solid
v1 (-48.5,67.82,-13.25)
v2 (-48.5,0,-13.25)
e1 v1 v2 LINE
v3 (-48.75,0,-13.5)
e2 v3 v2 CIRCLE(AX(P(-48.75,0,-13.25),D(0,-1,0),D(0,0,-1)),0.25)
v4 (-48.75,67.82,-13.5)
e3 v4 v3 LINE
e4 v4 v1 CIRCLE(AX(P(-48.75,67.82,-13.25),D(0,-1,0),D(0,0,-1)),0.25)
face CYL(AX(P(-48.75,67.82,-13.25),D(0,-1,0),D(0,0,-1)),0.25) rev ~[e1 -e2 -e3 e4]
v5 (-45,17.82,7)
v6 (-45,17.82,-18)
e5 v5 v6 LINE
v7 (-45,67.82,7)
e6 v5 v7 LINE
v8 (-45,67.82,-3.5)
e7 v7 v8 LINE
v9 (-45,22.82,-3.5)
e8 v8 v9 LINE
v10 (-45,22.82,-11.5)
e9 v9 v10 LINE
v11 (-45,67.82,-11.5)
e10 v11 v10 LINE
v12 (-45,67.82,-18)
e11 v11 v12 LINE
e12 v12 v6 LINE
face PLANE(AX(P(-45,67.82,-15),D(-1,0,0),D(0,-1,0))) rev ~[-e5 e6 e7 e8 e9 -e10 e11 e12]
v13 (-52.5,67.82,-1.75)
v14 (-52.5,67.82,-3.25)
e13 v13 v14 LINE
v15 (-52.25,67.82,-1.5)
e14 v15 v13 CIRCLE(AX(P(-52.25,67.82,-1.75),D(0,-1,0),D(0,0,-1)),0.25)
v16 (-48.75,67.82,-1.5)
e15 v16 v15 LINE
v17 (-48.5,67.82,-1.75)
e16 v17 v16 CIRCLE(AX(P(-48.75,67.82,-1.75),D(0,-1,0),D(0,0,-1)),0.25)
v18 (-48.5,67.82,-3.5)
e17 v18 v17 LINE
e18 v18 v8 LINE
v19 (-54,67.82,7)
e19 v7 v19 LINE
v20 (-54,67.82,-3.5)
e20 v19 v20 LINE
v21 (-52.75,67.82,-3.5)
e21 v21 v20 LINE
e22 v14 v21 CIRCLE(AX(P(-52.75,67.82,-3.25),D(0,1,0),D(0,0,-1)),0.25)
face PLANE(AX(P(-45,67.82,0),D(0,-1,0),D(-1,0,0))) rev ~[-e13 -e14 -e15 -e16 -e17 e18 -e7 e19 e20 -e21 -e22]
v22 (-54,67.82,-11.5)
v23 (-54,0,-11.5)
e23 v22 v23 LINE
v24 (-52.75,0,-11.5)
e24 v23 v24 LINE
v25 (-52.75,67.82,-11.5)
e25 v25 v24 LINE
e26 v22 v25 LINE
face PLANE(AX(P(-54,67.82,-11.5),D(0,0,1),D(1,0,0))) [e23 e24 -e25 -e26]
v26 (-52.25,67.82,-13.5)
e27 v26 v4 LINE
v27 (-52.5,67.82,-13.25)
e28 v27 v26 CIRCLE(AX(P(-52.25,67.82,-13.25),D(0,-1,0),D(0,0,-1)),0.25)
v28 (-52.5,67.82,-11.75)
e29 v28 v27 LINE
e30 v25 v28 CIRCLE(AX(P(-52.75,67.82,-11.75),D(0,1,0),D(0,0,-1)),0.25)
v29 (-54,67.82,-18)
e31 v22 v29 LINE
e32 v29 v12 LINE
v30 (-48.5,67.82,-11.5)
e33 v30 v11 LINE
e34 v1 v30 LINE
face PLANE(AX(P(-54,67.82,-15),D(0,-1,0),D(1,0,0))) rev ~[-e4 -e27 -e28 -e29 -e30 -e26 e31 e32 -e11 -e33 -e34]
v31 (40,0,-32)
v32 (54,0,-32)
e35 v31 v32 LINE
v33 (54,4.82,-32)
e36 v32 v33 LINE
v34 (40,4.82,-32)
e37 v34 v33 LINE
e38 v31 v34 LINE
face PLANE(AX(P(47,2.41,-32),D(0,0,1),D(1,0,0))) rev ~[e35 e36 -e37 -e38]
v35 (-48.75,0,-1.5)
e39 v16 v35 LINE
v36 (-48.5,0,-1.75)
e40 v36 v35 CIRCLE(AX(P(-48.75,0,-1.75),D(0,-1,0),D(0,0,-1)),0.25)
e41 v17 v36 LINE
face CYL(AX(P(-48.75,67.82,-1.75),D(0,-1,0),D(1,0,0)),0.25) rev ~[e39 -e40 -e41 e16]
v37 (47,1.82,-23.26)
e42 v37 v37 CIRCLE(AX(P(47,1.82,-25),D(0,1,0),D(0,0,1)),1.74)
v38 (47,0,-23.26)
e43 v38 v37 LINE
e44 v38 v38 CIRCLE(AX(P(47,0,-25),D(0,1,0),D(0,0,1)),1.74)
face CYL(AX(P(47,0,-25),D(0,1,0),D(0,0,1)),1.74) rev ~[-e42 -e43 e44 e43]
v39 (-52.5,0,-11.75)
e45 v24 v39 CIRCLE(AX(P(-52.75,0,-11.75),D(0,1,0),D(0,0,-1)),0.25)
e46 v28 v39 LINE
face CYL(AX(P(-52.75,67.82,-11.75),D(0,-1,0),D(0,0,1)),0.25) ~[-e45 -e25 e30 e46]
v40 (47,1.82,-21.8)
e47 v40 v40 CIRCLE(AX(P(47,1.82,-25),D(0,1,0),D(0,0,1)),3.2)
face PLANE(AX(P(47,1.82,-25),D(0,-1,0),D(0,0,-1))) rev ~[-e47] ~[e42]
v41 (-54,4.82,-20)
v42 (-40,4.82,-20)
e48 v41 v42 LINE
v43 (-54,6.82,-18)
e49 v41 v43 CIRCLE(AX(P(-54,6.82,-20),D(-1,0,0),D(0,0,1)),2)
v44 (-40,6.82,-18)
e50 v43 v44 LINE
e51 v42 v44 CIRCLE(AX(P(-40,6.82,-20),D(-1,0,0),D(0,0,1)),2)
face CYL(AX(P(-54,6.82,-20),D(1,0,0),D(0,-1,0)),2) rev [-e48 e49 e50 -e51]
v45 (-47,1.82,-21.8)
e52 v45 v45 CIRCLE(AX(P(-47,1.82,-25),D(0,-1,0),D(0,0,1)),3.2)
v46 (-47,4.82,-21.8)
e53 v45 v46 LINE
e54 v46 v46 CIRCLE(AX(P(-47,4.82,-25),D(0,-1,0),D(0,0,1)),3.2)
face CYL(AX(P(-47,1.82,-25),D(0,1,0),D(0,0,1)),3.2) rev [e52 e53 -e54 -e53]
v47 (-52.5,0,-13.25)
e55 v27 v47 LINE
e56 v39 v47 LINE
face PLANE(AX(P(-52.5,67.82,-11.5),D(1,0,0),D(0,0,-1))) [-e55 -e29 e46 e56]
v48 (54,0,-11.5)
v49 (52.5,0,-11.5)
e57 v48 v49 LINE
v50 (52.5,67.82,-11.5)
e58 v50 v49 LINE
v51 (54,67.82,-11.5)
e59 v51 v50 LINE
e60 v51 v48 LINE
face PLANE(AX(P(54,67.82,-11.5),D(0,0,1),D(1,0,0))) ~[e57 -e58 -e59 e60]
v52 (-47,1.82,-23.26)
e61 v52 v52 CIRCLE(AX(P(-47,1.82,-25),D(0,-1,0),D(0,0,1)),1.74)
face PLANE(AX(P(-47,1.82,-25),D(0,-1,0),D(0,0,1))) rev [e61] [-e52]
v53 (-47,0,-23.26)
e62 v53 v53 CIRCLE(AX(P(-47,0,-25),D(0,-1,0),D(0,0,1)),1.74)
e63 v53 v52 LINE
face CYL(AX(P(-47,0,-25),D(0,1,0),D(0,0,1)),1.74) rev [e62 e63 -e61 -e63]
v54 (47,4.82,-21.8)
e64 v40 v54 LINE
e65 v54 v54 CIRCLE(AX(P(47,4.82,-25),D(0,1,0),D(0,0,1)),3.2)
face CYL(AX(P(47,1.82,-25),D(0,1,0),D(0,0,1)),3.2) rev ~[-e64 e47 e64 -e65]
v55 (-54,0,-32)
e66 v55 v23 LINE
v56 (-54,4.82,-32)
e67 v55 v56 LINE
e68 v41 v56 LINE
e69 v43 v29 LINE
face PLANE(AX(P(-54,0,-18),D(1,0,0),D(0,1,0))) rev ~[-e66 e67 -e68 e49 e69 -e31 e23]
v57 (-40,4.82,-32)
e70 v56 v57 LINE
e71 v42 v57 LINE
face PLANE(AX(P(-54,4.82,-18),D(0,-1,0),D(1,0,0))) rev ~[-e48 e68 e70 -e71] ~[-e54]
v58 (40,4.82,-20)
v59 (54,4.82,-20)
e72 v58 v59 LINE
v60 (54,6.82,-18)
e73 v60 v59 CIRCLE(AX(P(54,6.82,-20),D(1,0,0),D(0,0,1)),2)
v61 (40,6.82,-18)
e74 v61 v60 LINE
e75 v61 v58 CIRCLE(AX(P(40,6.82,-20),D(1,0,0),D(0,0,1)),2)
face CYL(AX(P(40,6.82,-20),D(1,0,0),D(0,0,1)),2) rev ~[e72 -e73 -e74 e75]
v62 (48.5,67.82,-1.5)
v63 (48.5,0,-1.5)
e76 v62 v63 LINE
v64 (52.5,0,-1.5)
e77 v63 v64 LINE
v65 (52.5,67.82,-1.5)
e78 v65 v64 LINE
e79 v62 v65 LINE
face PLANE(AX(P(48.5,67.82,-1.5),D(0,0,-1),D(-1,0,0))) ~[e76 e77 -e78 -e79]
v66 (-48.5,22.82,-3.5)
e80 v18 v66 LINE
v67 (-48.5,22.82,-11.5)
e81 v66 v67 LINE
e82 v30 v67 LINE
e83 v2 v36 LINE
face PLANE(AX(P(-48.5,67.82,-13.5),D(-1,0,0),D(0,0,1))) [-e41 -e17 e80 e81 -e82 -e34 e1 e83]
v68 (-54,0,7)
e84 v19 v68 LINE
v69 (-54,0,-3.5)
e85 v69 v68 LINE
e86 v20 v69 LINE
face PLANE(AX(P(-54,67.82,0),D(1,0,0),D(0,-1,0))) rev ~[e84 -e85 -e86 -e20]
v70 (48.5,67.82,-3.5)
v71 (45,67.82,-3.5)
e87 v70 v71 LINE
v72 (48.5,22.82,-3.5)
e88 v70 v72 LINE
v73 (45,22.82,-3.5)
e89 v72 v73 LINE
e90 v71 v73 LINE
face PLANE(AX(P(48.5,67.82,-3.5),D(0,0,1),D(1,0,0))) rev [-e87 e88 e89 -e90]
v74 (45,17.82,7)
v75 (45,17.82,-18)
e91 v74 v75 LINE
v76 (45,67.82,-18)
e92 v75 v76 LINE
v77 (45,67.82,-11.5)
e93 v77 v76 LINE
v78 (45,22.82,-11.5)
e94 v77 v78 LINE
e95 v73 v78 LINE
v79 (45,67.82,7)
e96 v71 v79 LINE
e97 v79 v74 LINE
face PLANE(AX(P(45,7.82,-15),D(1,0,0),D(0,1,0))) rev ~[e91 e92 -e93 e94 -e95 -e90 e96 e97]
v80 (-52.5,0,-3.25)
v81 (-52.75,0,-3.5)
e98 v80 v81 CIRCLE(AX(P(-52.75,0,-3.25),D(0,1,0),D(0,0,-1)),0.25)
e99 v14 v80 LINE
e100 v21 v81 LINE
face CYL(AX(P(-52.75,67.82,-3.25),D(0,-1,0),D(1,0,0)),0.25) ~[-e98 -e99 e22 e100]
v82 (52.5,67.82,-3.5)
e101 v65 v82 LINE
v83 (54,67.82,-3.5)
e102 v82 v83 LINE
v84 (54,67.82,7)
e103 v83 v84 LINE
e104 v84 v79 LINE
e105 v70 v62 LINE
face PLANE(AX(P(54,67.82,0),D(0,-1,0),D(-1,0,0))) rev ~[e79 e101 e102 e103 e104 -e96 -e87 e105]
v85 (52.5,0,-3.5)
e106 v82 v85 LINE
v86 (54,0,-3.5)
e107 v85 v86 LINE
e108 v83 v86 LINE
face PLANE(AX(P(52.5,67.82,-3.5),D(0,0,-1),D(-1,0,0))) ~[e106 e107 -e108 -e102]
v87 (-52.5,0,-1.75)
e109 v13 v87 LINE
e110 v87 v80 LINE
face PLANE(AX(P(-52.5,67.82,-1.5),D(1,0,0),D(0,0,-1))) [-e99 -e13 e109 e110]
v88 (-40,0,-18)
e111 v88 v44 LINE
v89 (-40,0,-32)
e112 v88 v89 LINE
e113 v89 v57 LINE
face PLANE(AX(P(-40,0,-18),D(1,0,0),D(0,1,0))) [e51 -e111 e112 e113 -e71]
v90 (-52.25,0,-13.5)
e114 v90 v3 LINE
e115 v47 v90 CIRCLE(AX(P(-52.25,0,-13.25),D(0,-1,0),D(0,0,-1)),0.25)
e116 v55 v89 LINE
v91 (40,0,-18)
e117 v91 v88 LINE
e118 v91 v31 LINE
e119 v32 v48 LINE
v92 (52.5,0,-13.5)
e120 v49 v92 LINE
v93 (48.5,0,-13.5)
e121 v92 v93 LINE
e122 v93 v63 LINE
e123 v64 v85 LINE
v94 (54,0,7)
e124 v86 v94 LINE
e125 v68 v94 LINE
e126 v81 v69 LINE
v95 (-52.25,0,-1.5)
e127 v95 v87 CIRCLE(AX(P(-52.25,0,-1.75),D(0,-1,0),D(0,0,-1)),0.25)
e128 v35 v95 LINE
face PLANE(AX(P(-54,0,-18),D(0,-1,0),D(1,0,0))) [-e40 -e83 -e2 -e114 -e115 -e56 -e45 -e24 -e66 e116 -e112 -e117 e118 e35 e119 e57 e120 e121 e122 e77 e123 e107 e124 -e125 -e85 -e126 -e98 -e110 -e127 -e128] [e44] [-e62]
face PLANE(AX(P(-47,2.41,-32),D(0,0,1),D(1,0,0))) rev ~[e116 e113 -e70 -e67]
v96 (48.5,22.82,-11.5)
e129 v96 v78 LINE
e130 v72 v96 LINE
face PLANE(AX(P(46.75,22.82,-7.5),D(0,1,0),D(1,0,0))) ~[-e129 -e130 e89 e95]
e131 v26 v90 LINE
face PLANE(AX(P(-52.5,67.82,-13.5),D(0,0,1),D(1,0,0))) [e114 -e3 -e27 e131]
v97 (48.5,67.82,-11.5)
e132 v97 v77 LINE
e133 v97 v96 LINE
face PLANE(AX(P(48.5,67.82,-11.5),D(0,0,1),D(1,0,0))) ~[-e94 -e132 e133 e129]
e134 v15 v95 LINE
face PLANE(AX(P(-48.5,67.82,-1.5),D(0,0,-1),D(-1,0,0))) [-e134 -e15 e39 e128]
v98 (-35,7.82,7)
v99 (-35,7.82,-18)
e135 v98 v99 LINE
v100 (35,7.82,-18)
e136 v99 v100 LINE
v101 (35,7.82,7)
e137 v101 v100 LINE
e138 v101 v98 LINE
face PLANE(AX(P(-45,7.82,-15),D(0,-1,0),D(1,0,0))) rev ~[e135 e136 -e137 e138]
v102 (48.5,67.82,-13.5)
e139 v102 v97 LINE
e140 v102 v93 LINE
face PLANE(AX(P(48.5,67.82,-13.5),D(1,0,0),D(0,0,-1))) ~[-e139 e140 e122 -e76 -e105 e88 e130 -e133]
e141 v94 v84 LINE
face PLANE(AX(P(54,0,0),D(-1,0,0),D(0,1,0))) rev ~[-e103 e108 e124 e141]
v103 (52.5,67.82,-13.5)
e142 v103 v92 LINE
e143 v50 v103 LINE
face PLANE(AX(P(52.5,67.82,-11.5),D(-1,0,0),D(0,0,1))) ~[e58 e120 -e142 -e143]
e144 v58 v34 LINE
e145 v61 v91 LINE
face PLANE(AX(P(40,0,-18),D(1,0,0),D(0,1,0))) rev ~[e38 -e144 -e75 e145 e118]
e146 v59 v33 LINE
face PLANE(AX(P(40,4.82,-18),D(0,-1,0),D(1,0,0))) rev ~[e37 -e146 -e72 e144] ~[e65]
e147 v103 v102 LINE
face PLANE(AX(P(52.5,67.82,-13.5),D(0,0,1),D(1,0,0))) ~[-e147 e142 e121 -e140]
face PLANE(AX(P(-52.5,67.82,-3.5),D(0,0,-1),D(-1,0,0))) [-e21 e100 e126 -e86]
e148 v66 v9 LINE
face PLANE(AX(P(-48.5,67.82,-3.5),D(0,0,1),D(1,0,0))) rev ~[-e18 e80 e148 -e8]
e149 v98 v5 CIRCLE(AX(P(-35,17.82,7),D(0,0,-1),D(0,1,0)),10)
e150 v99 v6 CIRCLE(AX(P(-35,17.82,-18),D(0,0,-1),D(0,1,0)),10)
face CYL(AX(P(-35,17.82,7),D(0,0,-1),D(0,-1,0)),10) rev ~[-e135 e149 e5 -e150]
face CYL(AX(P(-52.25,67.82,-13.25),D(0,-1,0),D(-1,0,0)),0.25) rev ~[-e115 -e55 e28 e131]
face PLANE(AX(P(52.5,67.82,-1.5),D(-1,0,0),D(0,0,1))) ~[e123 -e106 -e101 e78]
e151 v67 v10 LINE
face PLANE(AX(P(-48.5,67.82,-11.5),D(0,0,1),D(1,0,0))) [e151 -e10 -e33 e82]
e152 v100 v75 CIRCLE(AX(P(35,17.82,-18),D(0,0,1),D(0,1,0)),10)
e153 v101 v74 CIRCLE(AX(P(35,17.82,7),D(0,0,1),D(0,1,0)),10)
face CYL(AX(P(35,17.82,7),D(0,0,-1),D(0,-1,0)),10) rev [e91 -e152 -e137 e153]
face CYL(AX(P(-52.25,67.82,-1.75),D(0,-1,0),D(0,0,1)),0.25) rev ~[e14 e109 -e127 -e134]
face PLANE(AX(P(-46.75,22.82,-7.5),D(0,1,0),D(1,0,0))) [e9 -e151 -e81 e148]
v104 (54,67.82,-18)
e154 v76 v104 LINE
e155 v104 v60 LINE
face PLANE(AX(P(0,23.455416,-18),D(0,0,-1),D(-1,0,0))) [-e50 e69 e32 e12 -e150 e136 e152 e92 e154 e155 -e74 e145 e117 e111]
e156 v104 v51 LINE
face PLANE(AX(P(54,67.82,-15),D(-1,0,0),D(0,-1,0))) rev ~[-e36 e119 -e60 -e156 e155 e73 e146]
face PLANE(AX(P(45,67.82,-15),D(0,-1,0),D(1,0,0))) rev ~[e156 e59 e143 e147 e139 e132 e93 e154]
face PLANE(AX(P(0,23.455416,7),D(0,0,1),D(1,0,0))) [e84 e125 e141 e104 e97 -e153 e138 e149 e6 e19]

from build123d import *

# Parameters (mm, degrees)
BOSS_EXTRUDE1_DEPTH = 15
CUT_EXTRUDE1_DEPTH  = 67.82
SKETCH3_W           = 3.5
SKETCH3_H           = 8
CUT_EXTRUDE2_DEPTH  = 45
FILLET1_R           = 0.25
BOSS_EXTRUDE2_DEPTH = 7
BOSS_EXTRUDE3_DEPTH = 3
FILLET2_R           = 10
SKETCH12_W          = 14
SKETCH12_H          = 4.82
BOSS_EXTRUDE4_DEPTH = 14
FILLET3_R           = 2


with BuildPart() as part:
    # Sketch1 → Boss-Extrude1 (new body)
    with BuildSketch(Plane.XY):
        Polygon((-54, 0), (54, 0), (54, 67.82), (45, 67.82), (45, 7.82), (-45, 7.82), (-45, 67.82), (-54, 67.82), align=None)
    extrude(amount=-BOSS_EXTRUDE1_DEPTH)

    # Sketch2 → Cut-Extrude1 (cut)
    with BuildSketch(Plane(origin=(0, 67.82, 0), x_dir=(1, 0, 0), z_dir=(0, 1, 0))):
        Polygon((-54, 11.5), (-52.5, 11.5), (-52.5, 13.5), (-48.5, 13.5), (-48.5, 1.5), (-52.5, 1.5), (-52.5, 3.5), (-54, 3.5), align=None)
    cut_extrude1 = extrude(amount=-CUT_EXTRUDE1_DEPTH, mode=Mode.SUBTRACT)

    # Sketch3 → Cut-Extrude2 (cut)
    with BuildSketch(Plane(origin=(0, 67.82, 0), x_dir=(1, 0, 0), z_dir=(0, 1, 0))):
        with Locations((-46.75, 7.5)):
            Rectangle(SKETCH3_W, SKETCH3_H)
    cut_extrude2 = extrude(amount=-CUT_EXTRUDE2_DEPTH, mode=Mode.SUBTRACT)

    # Fillet1
    fillet1_edges = [part.edges().sort_by_distance(p)[0] for p in [
        (-52.5, 33.91, -3.5),
        (-52.5, 33.91, -1.5),
        (-48.5, 33.91, -1.5),
        (-48.5, 33.91, -13.5),
        (-52.5, 33.91, -13.5),
        (-52.5, 33.91, -11.5),
    ]]
    fillet(fillet1_edges, radius=FILLET1_R)

    # Mirror1: Cut-Extrude1 across plane
    add(cut_extrude1.mirror(Plane(origin=(0, 0, 0), x_dir=(0, 0, 1), z_dir=(1, 0, 0))), mode=Mode.SUBTRACT)

    # Mirror2: Cut-Extrude2 across plane
    add(cut_extrude2.mirror(Plane(origin=(0, 0, 0), x_dir=(0, 0, 1), z_dir=(1, 0, 0))), mode=Mode.SUBTRACT)

    # Sketch7 → Boss-Extrude2 (add)
    with BuildSketch(Plane.XY):
        Polygon((-54, 67.82), (-54, 0), (54, 0), (54, 67.82), (45, 67.82), (45, 7.82), (-45, 7.82), (-45, 67.82), align=None)
    extrude(amount=BOSS_EXTRUDE2_DEPTH)

    # Sketch11 → Boss-Extrude3 (add)
    with BuildSketch(Plane(origin=(0, 0, -15), x_dir=(-1, 0, 0), z_dir=(0, 0, -1))):
        Polygon((54, 0), (54, 67.82), (45, 67.82), (45, 7.82), (-45, 7.82), (-45, 67.82), (-54, 67.82), (-54, 0), align=None)
    extrude(amount=BOSS_EXTRUDE3_DEPTH)

    # Fillet2
    fillet2_edges = [part.edges().sort_by_distance(p)[0] for p in [
        (-45, 7.82, -5.5),
        (45, 7.82, -5.5),
    ]]
    fillet(fillet2_edges, radius=FILLET2_R)

    # Sketch12 → Boss-Extrude4 (add)
    with BuildSketch(Plane.XY.offset(-18)):
        with Locations((-47, 2.41)):
            Rectangle(SKETCH12_W, SKETCH12_H)
        with Locations((47, 2.41)):
            Rectangle(SKETCH12_W, SKETCH12_H)
    extrude(amount=-BOSS_EXTRUDE4_DEPTH)

    # Sketch13 → Cut-Revolve1 (revolve, cut)
    with BuildSketch(Plane.ZY.offset(47)):
        Polygon((-25, 4.82), (-25, 0), (-23.26, 0), (-23.26, 1.82), (-21.8, 1.82), (-21.8, 4.82), align=None)
    cut_revolve1 = revolve(axis=Axis((-47, 4.82, -25), (0, -1, 0)), mode=Mode.SUBTRACT)

    # Mirror3: Cut-Revolve1 across plane
    add(cut_revolve1.mirror(Plane(origin=(0, 0, 0), x_dir=(0, 0, 1), z_dir=(1, 0, 0))), mode=Mode.SUBTRACT)

    # Fillet3
    fillet3_edges = [part.edges().sort_by_distance(p)[0] for p in [
        (-47, 4.82, -18),
        (47, 4.82, -18),
    ]]
    fillet(fillet3_edges, radius=FILLET3_R)


solid = part.part
